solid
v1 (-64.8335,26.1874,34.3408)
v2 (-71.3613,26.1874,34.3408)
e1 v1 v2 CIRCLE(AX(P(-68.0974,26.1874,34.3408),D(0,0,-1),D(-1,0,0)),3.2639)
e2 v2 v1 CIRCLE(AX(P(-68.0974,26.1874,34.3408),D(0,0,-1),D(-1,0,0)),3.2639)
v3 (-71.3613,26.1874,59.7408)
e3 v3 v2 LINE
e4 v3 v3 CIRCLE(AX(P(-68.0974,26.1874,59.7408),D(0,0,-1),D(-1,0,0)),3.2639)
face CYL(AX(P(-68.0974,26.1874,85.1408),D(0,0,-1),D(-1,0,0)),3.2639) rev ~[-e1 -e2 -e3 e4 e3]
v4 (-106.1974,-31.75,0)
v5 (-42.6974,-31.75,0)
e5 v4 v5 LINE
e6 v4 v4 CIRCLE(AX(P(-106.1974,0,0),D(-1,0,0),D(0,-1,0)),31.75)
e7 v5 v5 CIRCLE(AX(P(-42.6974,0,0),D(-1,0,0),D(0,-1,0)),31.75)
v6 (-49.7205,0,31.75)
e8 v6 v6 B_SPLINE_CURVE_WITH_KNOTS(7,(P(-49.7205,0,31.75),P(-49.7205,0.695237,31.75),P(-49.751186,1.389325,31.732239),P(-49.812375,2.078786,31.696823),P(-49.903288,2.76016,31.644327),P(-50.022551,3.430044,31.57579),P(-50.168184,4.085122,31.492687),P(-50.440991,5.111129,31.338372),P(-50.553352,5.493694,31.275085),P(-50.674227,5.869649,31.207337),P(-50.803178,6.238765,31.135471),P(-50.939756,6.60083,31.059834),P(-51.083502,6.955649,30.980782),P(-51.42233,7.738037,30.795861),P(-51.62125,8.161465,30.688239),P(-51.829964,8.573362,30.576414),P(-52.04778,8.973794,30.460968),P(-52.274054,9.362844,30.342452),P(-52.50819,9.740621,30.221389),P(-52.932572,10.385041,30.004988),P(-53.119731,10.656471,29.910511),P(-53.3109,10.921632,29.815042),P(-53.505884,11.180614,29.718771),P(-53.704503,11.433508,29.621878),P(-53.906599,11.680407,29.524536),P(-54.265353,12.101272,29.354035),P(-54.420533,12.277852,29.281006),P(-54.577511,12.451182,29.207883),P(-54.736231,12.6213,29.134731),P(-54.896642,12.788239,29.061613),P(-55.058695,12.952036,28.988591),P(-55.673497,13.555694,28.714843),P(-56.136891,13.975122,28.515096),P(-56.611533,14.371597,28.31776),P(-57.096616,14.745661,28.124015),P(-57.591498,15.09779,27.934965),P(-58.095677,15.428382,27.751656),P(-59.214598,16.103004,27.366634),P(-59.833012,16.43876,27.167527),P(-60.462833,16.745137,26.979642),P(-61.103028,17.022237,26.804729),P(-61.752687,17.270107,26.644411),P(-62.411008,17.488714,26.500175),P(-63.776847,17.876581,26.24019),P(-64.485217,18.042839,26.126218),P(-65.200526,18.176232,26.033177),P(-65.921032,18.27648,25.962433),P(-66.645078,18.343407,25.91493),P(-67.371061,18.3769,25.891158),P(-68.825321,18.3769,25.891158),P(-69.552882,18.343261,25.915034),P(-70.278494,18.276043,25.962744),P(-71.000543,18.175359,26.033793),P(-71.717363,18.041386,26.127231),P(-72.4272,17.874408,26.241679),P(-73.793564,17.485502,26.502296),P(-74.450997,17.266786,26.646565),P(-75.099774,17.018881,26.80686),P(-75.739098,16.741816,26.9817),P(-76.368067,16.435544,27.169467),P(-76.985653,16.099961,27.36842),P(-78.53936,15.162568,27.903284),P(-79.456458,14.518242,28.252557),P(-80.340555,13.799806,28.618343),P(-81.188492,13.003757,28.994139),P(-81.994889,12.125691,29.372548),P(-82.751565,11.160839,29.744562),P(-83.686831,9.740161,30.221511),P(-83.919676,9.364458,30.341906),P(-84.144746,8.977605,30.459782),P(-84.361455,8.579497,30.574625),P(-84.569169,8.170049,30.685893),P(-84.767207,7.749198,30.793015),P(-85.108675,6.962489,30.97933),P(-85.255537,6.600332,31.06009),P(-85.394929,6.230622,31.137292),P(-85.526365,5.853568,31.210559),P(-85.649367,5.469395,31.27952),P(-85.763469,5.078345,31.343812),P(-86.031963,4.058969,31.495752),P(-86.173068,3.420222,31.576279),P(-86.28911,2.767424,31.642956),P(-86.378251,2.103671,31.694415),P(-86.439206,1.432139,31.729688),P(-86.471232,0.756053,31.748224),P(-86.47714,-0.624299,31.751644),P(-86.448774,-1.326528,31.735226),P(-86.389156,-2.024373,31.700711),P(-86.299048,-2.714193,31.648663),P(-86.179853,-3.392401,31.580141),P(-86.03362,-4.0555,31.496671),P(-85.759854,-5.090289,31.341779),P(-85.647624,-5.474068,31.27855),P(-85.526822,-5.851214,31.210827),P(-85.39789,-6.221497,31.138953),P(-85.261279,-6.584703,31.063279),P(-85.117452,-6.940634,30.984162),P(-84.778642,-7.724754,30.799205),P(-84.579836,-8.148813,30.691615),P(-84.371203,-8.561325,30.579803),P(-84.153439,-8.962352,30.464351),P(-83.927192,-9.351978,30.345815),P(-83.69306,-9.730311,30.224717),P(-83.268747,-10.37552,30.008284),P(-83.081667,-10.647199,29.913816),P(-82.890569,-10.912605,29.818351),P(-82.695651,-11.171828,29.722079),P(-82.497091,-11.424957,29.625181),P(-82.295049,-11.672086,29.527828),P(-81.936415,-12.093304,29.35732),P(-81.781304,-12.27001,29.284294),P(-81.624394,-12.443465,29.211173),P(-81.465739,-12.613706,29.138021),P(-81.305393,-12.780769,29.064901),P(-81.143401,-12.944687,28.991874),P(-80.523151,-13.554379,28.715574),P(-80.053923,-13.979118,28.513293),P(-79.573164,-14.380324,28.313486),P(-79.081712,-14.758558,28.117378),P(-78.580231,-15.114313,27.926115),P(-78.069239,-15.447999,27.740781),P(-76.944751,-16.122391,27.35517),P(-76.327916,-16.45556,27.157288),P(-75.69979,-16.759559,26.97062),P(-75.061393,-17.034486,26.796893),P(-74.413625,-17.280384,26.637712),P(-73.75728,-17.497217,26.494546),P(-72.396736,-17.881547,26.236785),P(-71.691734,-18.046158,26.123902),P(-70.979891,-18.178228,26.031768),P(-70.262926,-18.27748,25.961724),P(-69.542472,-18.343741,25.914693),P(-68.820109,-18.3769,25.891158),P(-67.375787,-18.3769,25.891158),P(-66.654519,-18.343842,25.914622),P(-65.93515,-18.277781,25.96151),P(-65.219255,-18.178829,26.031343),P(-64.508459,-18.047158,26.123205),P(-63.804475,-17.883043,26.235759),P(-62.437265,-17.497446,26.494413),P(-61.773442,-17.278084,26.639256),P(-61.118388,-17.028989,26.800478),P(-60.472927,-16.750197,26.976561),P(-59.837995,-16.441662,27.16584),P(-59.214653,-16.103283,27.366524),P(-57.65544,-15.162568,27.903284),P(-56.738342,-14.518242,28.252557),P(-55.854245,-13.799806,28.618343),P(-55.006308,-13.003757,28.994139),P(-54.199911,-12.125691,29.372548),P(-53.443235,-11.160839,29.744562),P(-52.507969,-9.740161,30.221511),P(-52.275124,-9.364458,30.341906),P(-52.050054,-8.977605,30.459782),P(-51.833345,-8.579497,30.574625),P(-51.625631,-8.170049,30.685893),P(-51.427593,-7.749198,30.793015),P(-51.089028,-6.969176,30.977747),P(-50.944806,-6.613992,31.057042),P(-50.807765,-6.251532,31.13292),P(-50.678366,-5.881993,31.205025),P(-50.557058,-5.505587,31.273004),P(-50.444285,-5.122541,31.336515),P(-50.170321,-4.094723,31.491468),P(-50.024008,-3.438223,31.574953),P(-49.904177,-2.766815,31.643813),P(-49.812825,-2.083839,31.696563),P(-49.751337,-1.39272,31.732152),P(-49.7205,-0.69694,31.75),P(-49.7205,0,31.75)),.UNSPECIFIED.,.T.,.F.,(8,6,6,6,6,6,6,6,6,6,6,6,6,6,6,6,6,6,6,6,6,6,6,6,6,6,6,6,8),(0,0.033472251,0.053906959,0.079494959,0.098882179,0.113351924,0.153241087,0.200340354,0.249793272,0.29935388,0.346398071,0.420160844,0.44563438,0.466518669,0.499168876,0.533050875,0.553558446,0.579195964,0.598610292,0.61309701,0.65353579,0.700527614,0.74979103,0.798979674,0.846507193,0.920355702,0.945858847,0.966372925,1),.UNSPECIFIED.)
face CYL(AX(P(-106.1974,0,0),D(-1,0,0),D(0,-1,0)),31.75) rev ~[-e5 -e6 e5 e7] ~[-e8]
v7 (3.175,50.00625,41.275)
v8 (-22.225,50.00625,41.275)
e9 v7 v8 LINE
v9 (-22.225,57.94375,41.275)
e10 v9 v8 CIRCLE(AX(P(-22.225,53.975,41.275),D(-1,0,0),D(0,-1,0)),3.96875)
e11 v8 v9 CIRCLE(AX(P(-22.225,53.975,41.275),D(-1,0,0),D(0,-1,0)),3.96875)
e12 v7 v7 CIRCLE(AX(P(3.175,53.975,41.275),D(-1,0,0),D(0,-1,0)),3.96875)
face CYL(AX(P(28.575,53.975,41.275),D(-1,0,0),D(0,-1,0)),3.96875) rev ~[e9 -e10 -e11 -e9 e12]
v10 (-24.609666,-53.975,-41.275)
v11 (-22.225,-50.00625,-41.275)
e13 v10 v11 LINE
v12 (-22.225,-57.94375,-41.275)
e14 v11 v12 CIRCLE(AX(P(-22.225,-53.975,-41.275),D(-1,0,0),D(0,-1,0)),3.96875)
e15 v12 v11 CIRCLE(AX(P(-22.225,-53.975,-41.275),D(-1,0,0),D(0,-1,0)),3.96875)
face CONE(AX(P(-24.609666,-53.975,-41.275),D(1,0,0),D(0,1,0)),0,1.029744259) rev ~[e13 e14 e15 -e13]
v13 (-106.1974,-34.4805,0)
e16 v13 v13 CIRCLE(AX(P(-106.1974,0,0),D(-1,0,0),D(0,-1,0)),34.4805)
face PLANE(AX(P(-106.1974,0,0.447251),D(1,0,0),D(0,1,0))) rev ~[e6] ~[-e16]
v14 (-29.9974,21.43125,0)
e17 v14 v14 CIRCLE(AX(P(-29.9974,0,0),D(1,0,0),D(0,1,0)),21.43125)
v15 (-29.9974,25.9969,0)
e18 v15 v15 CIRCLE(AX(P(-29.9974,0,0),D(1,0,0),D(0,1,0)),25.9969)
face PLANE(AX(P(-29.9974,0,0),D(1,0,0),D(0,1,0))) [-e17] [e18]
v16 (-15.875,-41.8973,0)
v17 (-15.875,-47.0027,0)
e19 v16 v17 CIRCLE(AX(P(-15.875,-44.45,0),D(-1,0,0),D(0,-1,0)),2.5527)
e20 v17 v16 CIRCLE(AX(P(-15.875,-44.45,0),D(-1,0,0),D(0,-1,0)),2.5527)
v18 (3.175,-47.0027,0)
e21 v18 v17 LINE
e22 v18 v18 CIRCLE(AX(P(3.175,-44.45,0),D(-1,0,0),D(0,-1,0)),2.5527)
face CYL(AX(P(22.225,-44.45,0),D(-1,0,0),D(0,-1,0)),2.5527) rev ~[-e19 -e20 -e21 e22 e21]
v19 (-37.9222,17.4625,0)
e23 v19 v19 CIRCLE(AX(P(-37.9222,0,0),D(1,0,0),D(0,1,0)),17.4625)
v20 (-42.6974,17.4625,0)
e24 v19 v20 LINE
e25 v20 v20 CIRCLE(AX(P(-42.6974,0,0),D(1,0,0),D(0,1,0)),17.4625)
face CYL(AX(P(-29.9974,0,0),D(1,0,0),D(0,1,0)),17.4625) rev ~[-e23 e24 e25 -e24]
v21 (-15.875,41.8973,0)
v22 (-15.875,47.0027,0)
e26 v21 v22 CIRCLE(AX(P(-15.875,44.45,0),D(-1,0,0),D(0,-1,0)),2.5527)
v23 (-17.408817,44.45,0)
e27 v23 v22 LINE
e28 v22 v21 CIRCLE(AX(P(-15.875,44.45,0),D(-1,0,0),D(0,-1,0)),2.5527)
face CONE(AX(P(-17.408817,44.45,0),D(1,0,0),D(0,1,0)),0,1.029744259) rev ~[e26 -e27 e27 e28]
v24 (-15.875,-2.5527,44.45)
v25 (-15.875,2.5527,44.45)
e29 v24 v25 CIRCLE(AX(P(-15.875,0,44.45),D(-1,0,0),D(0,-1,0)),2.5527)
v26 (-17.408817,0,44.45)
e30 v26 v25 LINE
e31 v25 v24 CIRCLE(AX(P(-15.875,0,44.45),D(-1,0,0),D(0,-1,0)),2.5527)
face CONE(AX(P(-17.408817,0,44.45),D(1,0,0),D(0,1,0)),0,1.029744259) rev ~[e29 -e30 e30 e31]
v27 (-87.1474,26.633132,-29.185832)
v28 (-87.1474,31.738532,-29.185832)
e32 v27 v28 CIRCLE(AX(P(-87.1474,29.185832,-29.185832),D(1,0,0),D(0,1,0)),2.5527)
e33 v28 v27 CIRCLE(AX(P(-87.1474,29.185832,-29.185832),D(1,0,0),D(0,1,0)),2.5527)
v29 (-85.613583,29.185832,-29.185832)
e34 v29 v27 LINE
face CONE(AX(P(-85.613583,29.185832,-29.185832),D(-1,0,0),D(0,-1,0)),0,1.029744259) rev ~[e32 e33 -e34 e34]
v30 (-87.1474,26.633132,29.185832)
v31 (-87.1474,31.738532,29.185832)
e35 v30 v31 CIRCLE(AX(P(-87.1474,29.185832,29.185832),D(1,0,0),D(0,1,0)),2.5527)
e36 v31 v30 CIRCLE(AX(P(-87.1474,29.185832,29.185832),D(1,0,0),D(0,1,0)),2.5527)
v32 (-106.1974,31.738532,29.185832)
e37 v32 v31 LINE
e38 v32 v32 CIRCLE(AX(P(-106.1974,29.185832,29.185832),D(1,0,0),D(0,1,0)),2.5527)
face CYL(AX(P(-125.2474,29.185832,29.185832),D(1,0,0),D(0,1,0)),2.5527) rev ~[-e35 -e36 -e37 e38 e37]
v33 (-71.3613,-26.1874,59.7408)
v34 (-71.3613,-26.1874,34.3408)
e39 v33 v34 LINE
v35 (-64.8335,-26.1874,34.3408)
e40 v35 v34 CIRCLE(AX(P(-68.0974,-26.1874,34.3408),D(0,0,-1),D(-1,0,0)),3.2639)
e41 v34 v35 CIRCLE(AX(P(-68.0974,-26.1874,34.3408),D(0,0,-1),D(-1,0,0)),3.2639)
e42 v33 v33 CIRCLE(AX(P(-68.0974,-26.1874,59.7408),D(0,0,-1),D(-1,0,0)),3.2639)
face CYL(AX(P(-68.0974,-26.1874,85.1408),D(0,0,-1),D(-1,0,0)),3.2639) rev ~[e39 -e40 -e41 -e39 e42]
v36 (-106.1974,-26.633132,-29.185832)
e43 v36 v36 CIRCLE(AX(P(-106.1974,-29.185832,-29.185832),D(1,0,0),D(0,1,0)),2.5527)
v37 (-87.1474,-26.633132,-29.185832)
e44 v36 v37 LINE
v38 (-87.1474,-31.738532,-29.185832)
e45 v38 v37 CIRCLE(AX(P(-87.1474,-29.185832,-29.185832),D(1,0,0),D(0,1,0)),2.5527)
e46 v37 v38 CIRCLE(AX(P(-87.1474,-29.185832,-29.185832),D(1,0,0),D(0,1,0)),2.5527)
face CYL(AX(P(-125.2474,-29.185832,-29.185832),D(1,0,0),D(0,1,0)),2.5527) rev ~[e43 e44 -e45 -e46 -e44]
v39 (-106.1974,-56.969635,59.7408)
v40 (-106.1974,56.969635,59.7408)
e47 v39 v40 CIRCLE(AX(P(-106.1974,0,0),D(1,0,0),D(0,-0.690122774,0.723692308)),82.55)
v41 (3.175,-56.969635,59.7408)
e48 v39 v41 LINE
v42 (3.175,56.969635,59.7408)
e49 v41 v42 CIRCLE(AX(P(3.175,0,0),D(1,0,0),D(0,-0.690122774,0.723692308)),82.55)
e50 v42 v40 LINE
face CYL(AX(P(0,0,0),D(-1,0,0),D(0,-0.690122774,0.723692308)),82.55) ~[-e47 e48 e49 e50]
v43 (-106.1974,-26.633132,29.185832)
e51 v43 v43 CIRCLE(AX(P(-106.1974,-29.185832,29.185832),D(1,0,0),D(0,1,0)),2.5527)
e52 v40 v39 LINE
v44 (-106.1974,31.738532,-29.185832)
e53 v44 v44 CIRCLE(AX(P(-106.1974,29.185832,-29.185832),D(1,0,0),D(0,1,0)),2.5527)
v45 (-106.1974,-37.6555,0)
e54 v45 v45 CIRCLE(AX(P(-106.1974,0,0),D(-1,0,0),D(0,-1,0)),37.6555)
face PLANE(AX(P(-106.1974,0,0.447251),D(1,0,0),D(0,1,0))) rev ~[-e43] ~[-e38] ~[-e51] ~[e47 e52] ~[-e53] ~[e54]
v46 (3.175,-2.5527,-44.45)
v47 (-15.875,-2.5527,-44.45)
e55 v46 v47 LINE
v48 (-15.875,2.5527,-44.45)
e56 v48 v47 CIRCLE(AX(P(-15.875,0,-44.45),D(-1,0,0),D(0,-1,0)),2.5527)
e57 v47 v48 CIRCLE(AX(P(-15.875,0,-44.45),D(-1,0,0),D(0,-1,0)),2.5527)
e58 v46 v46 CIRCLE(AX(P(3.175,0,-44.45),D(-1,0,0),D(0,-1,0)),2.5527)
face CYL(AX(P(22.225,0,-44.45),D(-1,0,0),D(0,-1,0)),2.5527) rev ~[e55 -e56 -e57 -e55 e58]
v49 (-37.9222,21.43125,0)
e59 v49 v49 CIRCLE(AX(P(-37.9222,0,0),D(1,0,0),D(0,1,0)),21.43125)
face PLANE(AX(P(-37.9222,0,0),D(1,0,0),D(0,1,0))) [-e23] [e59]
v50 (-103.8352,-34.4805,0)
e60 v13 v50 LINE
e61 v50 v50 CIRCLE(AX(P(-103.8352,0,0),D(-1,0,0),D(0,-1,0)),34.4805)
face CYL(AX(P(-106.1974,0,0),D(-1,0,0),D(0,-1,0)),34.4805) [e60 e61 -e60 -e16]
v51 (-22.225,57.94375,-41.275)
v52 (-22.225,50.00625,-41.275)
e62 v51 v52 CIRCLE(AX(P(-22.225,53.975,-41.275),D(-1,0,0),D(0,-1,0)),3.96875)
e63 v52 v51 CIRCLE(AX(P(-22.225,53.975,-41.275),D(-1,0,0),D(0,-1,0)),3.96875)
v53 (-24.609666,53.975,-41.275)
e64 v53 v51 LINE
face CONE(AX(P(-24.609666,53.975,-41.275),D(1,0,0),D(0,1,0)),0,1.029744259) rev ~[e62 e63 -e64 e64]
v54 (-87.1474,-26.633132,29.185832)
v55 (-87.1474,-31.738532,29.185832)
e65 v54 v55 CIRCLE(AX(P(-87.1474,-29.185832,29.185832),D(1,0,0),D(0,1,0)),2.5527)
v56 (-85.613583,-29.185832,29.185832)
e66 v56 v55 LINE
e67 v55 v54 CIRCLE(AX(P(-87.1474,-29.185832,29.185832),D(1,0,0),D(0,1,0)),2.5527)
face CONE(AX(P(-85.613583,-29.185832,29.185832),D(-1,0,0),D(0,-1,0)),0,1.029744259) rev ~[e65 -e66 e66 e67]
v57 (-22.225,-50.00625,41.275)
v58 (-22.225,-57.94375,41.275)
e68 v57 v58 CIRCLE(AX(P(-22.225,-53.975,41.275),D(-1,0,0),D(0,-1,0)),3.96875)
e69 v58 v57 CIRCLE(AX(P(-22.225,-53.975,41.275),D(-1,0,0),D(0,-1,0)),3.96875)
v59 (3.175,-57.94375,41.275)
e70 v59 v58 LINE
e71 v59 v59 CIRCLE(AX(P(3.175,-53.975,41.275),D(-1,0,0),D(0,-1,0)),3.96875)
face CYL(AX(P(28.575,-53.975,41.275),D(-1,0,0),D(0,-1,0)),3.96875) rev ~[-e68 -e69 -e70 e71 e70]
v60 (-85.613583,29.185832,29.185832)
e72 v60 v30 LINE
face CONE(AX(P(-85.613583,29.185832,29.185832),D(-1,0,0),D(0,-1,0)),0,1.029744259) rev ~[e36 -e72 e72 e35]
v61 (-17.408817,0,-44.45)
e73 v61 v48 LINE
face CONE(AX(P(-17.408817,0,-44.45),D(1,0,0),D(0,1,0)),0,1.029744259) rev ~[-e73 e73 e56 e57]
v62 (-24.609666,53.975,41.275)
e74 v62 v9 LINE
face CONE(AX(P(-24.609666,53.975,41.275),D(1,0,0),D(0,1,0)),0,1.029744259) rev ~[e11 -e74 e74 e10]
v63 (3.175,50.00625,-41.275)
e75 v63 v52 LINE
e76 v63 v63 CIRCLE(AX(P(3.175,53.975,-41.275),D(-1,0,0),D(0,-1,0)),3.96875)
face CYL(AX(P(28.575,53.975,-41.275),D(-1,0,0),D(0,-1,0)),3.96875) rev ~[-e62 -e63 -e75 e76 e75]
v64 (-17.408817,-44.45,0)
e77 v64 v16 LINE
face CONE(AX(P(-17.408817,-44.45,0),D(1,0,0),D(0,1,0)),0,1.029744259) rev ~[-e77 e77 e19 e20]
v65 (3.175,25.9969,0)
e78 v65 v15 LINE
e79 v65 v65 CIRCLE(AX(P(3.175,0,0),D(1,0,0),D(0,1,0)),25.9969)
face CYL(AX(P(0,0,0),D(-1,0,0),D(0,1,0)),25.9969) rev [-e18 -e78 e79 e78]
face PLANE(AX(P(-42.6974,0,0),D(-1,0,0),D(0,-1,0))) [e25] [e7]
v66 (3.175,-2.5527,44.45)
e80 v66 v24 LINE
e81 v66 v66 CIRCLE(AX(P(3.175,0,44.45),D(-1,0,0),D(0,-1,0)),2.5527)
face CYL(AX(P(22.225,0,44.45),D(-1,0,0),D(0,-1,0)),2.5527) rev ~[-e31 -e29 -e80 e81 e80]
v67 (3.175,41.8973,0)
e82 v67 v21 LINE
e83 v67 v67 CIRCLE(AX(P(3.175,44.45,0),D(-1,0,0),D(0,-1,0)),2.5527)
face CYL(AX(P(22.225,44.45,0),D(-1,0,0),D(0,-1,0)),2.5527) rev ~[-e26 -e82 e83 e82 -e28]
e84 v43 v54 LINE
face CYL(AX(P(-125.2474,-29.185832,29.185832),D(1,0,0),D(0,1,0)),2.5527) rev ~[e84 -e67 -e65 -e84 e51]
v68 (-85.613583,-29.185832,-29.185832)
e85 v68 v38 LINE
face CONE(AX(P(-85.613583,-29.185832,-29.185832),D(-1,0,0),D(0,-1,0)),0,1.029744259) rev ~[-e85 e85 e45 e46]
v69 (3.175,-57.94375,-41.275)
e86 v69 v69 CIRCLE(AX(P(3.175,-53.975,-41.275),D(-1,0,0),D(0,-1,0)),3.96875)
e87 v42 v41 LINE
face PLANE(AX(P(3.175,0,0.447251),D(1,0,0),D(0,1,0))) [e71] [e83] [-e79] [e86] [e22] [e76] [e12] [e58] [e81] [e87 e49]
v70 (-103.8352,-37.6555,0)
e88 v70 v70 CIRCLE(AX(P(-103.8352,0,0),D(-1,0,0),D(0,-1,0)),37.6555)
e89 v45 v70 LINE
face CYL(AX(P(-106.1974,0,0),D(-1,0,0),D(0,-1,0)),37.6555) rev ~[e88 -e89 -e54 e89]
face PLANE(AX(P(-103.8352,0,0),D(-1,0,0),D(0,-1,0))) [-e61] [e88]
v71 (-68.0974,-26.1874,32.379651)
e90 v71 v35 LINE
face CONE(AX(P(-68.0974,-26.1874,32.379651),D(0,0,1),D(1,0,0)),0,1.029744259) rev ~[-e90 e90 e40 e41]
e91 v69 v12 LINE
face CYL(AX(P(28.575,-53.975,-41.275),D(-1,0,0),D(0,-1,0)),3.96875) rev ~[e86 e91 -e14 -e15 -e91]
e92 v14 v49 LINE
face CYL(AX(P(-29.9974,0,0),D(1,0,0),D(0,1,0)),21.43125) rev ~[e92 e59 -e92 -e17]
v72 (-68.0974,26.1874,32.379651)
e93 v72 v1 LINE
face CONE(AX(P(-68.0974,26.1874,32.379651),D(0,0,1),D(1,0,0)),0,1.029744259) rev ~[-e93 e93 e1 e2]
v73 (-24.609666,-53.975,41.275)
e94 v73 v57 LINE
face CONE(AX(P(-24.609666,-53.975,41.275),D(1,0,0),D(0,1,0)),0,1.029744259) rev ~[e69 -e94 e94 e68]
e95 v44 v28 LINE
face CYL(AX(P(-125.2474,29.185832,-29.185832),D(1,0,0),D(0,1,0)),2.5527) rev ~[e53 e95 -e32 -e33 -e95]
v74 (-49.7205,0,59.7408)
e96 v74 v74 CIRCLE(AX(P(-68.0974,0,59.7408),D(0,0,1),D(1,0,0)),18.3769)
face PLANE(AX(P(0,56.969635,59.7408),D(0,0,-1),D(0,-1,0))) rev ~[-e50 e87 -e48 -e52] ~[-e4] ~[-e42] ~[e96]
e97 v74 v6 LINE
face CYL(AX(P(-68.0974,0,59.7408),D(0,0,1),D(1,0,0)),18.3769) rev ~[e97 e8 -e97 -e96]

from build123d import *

# Parameters (mm, degrees)
F1_DEPTH  = 106.1974
F2_R      = 25.9969
F3_DEPTH  = 29.9974
F4_R      = 31.75
F5_DEPTH  = 63.5
F6_R      = 17.4625
F7_DEPTH  = 76.201
F8_R      = 21.43125
F8_R_2    = 17.4625
F9_DEPTH  = 7.9248
F10_R     = 18.3769
F11_DEPTH = 33.8506424127
F12_DEPTH = 3.175
F14_D     = 6.5278
F14_DEPTH = 25.4
F14_TIP   = 1.9611489744
F17_D     = 5.1054
F17_DEPTH = 19.05
F17_TIP   = 1.5338169022
F18_R     = 37.6555
F18_R_2   = 34.4805
F19_DEPTH = 2.3622
F20_D     = 5.1054
F20_DEPTH = 19.05
F20_TIP   = 1.5338169022
F22_D     = 7.9375
F22_DEPTH = 25.4
F22_TIP   = 2.3846655818


with BuildPart() as f1:
    # F0 (on Right) → F1 (new body)
    with BuildSketch(Plane.YZ):
        with BuildLine():
            Line((56.9696350292, 59.7408), (-56.9696350292, 59.7408))
            ThreePointArc((-56.9696350292, 59.7408), (0, -82.55), (56.9696350292, 59.7408))
        make_face()
    extrude(amount=-F1_DEPTH)

    # F2 (on face) → F3 (cut)
    with BuildSketch(Plane.YZ):
        Circle(F2_R)
    extrude(amount=-F3_DEPTH, mode=Mode.SUBTRACT)

    # F4 (on face) → F5 (cut)
    with BuildSketch(Plane(origin=(-106.1974, 0, 0), x_dir=(0, -1, 0), z_dir=(-1, 0, 0))):
        Circle(F4_R)
    extrude(amount=-F5_DEPTH, mode=Mode.SUBTRACT)

    # F6 (on face) → F7 (cut, through all)
    with BuildSketch(Plane.YZ.offset(-29.9974)):
        Circle(F6_R)
    extrude(amount=-F7_DEPTH, mode=Mode.SUBTRACT)

    # F8 (on face) → F9 (cut)
    with BuildSketch(Plane.YZ.offset(-29.9974)):
        Circle(F8_R)
        Circle(F8_R_2, mode=Mode.SUBTRACT)
        Circle(F8_R_2)
    extrude(amount=-F9_DEPTH, mode=Mode.SUBTRACT)

    # F10 (on face) → F11 (cut, through all)
    with BuildSketch(Plane.XY.offset(59.7408)):
        with Locations((-68.0974, 0)):
            Circle(F10_R)
    extrude(amount=-F11_DEPTH, mode=Mode.SUBTRACT)

    # F12 (add): a face of the model
    f12_faces = [f1.faces().sort_by_distance(p)[0] for p in [
        (0, 0, 57.5612431238),
    ]]
    extrude(f12_faces, amount=F12_DEPTH)

    # F14
    with Locations(Plane.XY.offset(59.7408)):
        with Locations((-68.0974, 26.1874), (-68.0974, -26.1874)):
            Hole(F14_D / 2, depth=F14_DEPTH)
            with Locations((0, 0, -(F14_DEPTH + F14_TIP / 2))):  # 118° drill point
                Cone(0, F14_D / 2, F14_TIP, mode=Mode.SUBTRACT)

    # F17
    with Locations(Plane.YZ.offset(3.175)):
        with Locations((44.45, 0), (0, -44.45), (-44.45, 0), (0, 44.45)):
            Hole(F17_D / 2, depth=F17_DEPTH)
            with Locations((0, 0, -(F17_DEPTH + F17_TIP / 2))):  # 118° drill point
                Cone(0, F17_D / 2, F17_TIP, mode=Mode.SUBTRACT)

    # F18 (on face) → F19 (cut)
    with BuildSketch(Plane(origin=(-106.1974, 0, 0), x_dir=(0, -1, 0), z_dir=(-1, 0, 0))):
        Circle(F18_R)
        Circle(F18_R_2, mode=Mode.SUBTRACT)
    extrude(amount=-F19_DEPTH, mode=Mode.SUBTRACT)

    # F20
    with Locations(Plane(origin=(-106.1974, 0, 0), x_dir=(0, -1, 0), z_dir=(-1, 0, 0))):
        with Locations((-29.1858323935, 29.1858323935), (29.1858323935, 29.1858323935), (29.1858323935, -29.1858323935), (-29.1858323935, -29.1858323935)):
            Hole(F20_D / 2, depth=F20_DEPTH)
            with Locations((0, 0, -(F20_DEPTH + F20_TIP / 2))):  # 118° drill point
                Cone(0, F20_D / 2, F20_TIP, mode=Mode.SUBTRACT)

    # F22
    with Locations(Plane.YZ.offset(3.175)):
        with Locations((53.975, 41.275), (-53.975, 41.275), (-53.975, -41.275), (53.975, -41.275)):
            Hole(F22_D / 2, depth=F22_DEPTH)
            with Locations((0, 0, -(F22_DEPTH + F22_TIP / 2))):  # 118° drill point
                Cone(0, F22_D / 2, F22_TIP, mode=Mode.SUBTRACT)


solid = f1.part
